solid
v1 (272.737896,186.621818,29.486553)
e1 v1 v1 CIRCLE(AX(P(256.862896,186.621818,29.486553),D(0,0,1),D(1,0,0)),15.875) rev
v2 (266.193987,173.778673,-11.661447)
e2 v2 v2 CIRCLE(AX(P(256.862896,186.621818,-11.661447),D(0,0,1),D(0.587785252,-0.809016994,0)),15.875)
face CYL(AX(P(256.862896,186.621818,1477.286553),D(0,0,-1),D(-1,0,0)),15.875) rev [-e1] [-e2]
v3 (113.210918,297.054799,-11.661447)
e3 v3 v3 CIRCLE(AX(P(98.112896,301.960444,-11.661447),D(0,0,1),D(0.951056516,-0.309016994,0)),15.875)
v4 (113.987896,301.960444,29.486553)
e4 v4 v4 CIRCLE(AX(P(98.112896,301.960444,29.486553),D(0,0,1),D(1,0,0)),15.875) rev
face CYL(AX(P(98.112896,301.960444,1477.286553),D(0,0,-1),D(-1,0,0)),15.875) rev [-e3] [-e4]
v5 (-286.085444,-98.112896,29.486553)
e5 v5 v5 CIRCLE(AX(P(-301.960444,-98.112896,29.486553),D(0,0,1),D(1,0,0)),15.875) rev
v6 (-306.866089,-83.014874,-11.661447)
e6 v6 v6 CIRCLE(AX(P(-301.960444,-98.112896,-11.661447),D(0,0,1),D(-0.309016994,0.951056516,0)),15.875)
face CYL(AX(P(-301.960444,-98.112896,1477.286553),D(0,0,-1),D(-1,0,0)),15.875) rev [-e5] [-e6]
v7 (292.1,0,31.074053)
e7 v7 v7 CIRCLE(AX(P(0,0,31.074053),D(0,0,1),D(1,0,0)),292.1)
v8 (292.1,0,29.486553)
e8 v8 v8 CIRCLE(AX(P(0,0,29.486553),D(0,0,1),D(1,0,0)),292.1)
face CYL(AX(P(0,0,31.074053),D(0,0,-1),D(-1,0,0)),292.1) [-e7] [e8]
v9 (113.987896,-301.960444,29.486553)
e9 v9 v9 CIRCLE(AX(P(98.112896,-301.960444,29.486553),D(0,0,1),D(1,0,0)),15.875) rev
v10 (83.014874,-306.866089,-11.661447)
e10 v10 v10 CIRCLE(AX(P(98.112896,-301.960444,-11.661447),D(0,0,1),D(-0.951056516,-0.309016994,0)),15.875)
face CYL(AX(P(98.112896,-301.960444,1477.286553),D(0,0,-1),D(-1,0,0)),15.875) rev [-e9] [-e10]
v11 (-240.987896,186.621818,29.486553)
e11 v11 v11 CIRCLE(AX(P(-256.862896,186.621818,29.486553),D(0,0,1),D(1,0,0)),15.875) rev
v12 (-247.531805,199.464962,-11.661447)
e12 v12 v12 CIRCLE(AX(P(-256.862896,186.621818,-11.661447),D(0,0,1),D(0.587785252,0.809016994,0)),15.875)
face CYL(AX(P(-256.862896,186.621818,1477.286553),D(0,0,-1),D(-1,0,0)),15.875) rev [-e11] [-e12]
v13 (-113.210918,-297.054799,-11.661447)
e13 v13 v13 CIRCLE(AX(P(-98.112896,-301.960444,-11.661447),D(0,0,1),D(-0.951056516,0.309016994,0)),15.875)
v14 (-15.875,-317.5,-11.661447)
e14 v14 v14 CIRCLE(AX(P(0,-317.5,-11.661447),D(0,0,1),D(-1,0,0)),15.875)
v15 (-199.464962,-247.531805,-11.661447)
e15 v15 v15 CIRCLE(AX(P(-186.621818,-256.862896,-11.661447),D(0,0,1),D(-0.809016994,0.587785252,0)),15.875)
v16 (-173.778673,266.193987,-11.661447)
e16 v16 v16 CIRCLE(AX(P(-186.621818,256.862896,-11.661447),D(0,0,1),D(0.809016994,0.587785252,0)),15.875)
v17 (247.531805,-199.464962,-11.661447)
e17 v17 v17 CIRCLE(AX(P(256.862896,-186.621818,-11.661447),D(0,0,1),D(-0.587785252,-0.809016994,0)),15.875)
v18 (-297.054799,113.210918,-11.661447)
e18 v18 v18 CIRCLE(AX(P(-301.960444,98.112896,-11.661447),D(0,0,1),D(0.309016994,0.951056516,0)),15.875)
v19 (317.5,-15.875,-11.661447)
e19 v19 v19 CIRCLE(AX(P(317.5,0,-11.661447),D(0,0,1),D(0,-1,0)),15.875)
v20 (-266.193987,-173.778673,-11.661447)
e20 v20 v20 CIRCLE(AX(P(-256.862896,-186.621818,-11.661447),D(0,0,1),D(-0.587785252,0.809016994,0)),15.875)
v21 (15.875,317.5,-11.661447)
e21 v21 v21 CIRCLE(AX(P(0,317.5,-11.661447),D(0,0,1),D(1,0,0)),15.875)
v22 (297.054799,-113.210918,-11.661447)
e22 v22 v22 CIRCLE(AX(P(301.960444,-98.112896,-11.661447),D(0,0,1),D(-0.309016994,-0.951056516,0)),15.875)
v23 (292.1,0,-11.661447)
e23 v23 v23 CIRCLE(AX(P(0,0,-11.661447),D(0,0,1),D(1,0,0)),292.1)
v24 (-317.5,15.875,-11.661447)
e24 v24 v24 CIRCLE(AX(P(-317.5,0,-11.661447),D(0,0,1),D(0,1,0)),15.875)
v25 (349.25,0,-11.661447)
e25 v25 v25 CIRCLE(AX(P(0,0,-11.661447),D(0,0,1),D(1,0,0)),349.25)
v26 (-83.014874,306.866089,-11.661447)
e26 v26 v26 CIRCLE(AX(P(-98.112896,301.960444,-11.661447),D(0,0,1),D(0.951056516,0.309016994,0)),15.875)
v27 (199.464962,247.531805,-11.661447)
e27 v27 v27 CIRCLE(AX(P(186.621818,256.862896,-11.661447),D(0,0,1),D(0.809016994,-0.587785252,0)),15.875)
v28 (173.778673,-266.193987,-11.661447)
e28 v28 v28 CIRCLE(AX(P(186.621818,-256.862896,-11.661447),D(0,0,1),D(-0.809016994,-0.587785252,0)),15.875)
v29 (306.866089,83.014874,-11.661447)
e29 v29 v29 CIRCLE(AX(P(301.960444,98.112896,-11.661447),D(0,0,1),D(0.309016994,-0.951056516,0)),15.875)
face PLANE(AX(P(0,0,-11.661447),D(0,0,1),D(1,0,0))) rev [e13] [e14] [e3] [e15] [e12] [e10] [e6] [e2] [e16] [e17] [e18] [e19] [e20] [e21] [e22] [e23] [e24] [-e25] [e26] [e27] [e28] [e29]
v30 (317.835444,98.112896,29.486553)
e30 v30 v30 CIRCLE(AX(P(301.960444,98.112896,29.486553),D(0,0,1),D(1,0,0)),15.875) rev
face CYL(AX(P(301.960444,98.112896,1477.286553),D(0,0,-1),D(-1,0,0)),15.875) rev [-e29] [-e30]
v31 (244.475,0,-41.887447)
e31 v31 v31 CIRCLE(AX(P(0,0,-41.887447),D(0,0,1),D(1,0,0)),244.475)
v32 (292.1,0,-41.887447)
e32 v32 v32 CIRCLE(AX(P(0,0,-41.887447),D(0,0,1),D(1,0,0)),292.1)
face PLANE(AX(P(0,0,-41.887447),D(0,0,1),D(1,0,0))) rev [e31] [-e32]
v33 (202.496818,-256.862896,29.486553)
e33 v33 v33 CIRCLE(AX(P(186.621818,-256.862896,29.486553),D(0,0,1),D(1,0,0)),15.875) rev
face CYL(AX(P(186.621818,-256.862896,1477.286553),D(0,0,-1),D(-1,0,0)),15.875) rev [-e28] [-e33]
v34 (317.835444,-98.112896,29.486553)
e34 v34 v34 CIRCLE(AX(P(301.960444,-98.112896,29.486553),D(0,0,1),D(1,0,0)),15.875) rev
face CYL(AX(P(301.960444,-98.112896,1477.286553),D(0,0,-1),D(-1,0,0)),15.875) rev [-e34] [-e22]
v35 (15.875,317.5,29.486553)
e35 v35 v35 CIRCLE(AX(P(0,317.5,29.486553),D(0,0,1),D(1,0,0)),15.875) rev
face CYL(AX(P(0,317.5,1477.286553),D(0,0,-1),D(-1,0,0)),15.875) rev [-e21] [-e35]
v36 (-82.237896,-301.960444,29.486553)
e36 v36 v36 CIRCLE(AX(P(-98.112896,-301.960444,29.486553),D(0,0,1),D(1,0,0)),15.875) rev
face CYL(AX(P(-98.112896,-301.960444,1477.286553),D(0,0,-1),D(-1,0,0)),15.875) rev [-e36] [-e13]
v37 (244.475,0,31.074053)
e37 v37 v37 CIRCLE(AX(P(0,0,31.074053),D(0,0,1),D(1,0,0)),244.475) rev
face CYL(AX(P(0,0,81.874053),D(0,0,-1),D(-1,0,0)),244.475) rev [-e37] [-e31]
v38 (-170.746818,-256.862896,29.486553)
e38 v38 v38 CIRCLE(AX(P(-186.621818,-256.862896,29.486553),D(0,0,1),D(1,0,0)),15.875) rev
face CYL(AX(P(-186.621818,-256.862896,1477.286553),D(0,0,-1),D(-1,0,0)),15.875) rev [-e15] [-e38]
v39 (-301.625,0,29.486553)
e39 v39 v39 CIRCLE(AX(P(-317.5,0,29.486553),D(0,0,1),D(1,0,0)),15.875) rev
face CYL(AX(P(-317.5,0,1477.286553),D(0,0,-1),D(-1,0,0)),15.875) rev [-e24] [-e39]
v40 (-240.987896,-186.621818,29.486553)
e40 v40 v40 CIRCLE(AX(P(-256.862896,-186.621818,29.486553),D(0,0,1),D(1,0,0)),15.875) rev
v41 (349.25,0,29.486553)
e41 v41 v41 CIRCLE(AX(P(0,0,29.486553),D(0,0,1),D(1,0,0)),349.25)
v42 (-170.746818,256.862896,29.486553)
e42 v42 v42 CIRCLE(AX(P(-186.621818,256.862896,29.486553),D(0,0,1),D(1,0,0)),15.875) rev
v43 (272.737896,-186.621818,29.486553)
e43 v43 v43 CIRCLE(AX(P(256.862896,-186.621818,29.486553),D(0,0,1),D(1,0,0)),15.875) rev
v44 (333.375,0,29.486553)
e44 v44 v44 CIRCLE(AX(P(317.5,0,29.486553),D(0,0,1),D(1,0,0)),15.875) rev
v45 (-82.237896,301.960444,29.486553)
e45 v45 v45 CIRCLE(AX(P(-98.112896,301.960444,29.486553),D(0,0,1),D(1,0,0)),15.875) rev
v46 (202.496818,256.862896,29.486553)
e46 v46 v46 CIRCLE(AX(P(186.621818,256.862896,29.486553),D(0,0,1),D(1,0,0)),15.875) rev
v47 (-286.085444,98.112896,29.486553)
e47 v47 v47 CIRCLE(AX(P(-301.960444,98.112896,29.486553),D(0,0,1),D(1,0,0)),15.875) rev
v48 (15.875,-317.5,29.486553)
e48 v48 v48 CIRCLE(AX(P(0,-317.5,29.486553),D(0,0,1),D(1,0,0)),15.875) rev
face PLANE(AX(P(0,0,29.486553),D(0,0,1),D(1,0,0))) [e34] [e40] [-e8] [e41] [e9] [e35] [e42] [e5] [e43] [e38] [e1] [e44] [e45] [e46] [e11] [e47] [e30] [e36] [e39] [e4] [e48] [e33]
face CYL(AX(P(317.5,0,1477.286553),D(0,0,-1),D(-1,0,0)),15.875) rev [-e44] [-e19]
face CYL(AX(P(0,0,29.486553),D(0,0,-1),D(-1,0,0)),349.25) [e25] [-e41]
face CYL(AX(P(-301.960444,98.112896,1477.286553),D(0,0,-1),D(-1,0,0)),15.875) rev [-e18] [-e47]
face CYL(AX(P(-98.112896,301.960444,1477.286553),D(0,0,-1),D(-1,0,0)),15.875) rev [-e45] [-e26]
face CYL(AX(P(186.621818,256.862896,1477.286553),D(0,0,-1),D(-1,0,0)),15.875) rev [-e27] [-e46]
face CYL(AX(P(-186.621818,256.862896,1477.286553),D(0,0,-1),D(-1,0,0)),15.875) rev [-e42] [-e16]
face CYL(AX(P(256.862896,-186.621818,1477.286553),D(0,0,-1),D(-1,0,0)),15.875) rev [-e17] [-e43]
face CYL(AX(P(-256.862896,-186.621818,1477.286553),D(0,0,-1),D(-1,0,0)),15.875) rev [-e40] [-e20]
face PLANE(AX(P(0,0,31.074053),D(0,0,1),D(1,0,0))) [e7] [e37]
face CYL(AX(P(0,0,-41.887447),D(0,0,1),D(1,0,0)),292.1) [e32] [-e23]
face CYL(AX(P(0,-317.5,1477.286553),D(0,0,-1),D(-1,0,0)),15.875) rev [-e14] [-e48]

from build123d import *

# Parameters (mm, degrees)
SKETCH1_R           = 11.5
BOSS_EXTRUDE1_DEPTH = 1.6825
SKETCH1_5_R         = 9.625
CUT_EXTRUDE1_DEPTH  = 3.6825
SKETCH1_6_R         = 13.75
BOSS_EXTRUDE2_DEPTH = 1.62
SKETCH1_7_R         = 9.625
CUT_EXTRUDE2_DEPTH  = 14.62
SKETCH7_R           = 0.625
CUT_EXTRUDE5_DEPTH  = 58.62
CIRPATTERN1_COUNT   = 20
BOSS_EXTRUDE3_START = -1.19
SKETCH1_8_R         = 11.5
BOSS_EXTRUDE3_DEPTH = 1.19
CUT_EXTRUDE6_START  = -19.19
SKETCH1_9_R         = 9.625
CUT_EXTRUDE6_DEPTH  = 19.19
SCALE1_SCALE        = 25.4


with BuildPart() as part:
    # Sketch1 → Boss-Extrude1 (new body)
    with BuildSketch(Plane.XY):
        Circle(SKETCH1_R)
    extrude(amount=BOSS_EXTRUDE1_DEPTH)

    # Sketch1<5> → Cut-Extrude1 (cut)
    with BuildSketch(Plane.XY):
        Circle(SKETCH1_5_R)
    extrude(amount=CUT_EXTRUDE1_DEPTH, mode=Mode.SUBTRACT)

    # Sketch1<6> → Boss-Extrude2 (add)
    with BuildSketch(Plane.XY):
        Circle(SKETCH1_6_R)
    extrude(amount=BOSS_EXTRUDE2_DEPTH)

    # Sketch1<7> → Cut-Extrude2 (cut)
    with BuildSketch(Plane.XY):
        Circle(SKETCH1_7_R)
    extrude(amount=CUT_EXTRUDE2_DEPTH, mode=Mode.SUBTRACT)

    # Sketch7 → Cut-Extrude5 (cut)
    with BuildSketch(Plane.XY):
        with Locations((0, 12.5)):
            Circle(SKETCH7_R)
    cut_extrude5 = extrude(amount=CUT_EXTRUDE5_DEPTH, mode=Mode.SUBTRACT)

    # CirPattern1: Cut-Extrude5 ×20 about axis
    cirpattern1_axis = Axis((0, 0, 0), (0, 0, 1))
    for i in range(1, CIRPATTERN1_COUNT):
        add(cut_extrude5.rotate(cirpattern1_axis, i * 360 / CIRPATTERN1_COUNT), mode=Mode.SUBTRACT)

    # Sketch1<8> → Boss-Extrude3 (add)
    with BuildSketch(Plane.XY.offset(BOSS_EXTRUDE3_START)):
        Circle(SKETCH1_8_R)
    extrude(amount=BOSS_EXTRUDE3_DEPTH)

    # Sketch1<9> → Cut-Extrude6 (cut)
    with BuildSketch(Plane.XY.offset(CUT_EXTRUDE6_START)):
        Circle(SKETCH1_9_R)
    extrude(amount=CUT_EXTRUDE6_DEPTH, mode=Mode.SUBTRACT)


with BuildPart() as part_1:
    # Scale1: scaled about (0, 0, 0.477928167)
    add(part.part.scale(SCALE1_SCALE).moved(Location((0, 0, -11.661447275))))


solid = part_1.part
